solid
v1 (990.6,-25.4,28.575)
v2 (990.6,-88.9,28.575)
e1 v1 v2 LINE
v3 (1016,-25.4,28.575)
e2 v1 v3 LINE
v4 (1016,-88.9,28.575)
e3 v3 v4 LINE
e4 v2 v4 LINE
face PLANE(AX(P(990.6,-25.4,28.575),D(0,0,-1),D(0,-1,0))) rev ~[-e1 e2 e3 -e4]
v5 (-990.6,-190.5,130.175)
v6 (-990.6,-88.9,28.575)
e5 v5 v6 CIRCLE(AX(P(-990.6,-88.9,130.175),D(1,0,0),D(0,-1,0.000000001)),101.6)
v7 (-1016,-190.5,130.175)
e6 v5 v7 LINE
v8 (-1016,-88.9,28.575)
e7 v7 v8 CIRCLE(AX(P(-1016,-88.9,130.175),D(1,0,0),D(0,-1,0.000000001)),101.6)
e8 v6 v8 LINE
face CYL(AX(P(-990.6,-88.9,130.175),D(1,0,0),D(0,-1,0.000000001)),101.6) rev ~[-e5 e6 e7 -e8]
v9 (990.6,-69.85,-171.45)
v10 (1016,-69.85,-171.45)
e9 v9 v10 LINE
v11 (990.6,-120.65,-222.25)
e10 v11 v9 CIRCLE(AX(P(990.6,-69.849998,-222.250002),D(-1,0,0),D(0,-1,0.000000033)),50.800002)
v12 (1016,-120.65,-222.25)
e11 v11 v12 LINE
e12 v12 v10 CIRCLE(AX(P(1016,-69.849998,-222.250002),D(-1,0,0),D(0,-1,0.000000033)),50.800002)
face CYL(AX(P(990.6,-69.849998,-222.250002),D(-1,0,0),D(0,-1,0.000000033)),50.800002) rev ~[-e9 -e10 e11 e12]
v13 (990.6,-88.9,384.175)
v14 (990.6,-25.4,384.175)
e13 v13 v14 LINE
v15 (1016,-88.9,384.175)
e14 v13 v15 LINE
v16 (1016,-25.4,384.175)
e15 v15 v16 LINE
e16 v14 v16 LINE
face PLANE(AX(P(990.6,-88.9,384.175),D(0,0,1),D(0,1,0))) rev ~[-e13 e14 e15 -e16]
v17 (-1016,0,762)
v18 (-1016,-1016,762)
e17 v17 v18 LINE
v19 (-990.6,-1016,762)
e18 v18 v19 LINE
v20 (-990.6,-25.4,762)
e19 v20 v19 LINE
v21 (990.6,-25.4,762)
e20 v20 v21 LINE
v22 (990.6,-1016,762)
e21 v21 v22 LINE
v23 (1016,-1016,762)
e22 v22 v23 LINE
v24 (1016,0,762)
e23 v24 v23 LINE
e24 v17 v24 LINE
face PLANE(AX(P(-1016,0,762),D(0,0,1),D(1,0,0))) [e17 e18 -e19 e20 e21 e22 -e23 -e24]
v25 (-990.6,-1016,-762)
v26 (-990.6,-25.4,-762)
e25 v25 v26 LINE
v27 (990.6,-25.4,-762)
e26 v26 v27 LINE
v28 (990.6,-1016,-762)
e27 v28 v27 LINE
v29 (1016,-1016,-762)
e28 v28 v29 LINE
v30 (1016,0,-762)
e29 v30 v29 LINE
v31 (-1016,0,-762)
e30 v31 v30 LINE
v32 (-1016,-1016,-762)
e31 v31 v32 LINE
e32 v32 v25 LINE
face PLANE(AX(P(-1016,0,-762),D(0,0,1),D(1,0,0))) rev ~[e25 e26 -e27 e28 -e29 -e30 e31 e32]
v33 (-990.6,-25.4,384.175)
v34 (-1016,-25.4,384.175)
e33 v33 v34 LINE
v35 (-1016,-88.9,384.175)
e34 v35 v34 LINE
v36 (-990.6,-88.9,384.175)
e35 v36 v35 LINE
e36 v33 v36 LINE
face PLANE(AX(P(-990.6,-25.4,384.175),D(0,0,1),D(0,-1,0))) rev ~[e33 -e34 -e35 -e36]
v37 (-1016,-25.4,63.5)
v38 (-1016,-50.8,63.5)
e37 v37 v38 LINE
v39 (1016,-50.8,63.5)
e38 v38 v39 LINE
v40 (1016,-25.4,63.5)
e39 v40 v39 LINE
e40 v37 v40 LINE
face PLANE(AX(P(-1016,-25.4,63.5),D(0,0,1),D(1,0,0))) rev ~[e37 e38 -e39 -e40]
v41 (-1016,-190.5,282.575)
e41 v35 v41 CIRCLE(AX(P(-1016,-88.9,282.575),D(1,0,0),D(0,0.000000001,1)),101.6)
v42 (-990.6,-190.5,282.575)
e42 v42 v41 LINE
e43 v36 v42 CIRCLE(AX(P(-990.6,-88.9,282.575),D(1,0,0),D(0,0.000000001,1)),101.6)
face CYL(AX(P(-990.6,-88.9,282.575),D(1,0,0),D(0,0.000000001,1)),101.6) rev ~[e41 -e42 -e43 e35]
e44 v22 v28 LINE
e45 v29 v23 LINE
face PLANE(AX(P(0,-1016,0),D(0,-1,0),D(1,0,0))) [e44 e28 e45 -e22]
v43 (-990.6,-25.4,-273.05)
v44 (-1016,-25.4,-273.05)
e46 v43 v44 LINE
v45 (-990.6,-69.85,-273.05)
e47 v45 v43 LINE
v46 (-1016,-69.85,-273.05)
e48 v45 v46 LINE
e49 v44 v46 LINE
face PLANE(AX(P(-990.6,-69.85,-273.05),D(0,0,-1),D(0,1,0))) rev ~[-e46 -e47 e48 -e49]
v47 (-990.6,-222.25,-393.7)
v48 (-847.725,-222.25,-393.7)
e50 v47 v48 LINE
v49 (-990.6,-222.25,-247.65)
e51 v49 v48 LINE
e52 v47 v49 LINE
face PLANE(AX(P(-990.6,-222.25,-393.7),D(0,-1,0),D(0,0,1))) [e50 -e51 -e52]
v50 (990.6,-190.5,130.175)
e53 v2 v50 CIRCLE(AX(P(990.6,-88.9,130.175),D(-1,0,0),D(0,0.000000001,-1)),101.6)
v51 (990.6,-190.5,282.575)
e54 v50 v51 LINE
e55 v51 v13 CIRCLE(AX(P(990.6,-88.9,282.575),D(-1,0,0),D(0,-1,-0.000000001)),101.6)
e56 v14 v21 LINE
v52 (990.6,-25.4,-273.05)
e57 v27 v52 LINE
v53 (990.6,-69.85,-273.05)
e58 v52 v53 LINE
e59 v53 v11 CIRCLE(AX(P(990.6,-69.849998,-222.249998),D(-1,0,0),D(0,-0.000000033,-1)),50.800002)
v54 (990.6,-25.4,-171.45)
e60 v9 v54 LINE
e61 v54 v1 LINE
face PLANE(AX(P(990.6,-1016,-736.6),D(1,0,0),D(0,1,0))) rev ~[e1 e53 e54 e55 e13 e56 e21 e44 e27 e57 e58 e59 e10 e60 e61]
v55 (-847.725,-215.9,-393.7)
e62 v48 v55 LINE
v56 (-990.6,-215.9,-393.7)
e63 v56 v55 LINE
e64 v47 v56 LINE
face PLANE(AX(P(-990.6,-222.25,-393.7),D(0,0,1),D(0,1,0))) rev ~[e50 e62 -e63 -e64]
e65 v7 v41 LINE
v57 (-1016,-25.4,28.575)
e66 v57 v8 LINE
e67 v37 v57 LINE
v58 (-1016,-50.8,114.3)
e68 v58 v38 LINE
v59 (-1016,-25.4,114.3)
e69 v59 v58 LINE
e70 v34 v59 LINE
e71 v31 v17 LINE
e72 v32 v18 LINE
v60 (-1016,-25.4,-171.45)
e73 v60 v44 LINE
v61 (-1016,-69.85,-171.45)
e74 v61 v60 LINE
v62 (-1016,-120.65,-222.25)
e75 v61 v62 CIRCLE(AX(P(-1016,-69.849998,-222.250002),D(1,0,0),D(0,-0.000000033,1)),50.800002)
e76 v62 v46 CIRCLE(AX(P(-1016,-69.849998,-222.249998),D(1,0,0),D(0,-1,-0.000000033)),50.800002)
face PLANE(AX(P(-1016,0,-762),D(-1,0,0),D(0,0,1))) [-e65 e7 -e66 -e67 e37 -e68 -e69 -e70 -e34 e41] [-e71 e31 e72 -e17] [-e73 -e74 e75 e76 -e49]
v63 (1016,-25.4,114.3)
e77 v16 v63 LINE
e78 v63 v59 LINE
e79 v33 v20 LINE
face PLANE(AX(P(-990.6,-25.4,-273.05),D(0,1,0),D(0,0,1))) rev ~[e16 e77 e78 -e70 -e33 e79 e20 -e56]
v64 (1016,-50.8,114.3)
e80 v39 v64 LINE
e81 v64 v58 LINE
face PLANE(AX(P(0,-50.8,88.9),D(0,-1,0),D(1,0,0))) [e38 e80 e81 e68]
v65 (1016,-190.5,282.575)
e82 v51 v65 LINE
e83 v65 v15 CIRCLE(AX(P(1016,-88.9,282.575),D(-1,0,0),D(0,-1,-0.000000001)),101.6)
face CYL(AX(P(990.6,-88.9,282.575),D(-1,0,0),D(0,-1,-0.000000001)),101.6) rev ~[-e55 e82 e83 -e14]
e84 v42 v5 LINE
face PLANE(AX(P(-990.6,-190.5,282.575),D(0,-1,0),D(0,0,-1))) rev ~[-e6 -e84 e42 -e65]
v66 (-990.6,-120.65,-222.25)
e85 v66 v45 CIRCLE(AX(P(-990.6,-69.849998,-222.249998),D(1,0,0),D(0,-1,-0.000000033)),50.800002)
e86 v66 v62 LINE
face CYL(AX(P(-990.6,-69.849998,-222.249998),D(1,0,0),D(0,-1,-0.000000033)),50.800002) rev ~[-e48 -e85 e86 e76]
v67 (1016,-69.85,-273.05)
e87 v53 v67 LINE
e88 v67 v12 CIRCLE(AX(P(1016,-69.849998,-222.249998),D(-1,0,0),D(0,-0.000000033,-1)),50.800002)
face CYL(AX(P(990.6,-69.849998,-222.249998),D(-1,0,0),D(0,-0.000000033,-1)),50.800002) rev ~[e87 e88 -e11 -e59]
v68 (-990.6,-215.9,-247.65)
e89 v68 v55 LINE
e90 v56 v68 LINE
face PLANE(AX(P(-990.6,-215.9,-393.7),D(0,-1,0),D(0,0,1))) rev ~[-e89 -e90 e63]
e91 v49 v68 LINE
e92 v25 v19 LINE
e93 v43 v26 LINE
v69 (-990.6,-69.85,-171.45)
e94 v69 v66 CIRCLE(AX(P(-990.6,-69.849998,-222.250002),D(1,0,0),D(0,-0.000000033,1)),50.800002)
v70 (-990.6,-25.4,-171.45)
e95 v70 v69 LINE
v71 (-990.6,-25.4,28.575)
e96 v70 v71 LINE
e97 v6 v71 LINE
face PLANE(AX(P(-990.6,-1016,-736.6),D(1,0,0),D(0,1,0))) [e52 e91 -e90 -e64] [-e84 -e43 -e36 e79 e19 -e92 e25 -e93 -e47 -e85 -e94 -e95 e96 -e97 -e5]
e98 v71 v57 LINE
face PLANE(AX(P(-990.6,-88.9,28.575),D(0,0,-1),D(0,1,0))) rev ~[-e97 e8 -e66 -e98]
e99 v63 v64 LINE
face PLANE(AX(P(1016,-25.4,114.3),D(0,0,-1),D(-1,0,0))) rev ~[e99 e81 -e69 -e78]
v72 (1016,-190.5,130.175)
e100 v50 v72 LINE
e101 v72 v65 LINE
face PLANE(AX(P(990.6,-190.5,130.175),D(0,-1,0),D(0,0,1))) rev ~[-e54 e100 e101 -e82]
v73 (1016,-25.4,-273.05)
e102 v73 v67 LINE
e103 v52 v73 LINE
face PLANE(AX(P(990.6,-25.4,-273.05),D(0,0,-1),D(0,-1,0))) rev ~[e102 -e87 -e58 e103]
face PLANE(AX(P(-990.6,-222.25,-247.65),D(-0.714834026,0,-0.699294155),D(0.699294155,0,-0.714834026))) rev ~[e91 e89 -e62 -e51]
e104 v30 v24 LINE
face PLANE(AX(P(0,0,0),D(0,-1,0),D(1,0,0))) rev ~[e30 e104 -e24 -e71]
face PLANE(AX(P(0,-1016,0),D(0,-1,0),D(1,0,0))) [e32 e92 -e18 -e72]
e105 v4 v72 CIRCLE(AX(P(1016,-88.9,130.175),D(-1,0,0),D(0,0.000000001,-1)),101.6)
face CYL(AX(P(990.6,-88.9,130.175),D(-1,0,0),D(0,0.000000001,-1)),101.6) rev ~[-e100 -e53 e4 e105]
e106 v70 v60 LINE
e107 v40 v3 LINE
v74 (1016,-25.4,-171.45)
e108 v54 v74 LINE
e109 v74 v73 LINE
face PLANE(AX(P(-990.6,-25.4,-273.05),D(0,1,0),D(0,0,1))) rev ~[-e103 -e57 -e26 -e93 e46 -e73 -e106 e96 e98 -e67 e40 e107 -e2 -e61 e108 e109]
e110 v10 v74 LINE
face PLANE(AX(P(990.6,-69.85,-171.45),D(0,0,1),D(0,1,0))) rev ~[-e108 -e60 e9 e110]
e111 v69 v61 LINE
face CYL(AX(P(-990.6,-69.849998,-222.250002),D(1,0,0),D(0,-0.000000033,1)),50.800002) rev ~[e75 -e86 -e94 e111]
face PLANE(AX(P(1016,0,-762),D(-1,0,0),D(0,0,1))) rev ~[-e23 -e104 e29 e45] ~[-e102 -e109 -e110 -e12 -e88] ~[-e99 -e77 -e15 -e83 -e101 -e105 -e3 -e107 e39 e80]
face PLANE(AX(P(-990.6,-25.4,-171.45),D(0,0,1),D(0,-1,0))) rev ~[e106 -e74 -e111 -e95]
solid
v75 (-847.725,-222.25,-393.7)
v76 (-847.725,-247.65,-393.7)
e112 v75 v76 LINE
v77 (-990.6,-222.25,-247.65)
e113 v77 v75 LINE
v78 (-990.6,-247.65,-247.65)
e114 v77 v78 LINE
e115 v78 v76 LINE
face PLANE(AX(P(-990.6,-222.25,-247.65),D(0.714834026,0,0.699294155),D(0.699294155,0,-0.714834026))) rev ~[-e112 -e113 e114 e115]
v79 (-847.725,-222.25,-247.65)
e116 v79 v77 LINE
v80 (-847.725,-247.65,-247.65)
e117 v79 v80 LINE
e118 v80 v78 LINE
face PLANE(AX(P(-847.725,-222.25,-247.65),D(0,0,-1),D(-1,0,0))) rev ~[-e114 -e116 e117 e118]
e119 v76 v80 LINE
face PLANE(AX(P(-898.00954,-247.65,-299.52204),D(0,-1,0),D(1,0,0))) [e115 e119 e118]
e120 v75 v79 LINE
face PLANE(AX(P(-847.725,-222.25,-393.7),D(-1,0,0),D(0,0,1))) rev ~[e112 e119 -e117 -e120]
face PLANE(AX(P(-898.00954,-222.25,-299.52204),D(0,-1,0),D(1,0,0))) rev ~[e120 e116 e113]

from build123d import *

# Parameters (mm, degrees)
F0_W      = 2032
F0_H      = 1524
F1_DEPTH  = 1016
F2_T      = -25.4
F4_DEPTH  = 50.8
F6_DEPTH  = 50.8
F8_DEPTH  = 50.8
F10_DEPTH = 50.8
F12_DEPTH = 25.4
F13_W     = 1981.2
F13_H     = 990.6
F14_DEPTH = 50.8
F15_W     = 6.35
F15_H     = 146.05
F16_DEPTH = 142.875
F18_DEPTH = 25.4
F19_DEPTH = 25.4


with BuildPart() as f1:
    # F0 (on Front) → F1 (new body)
    with BuildSketch(Plane.XZ):
        Rectangle(F0_W, F0_H)
    extrude(amount=F1_DEPTH)

    # F2
    f2_openings = [f1.faces().sort_by_distance(p)[0] for p in [
        (0, -1016, 0),
        (0, -508, 762),
    ]]
    offset(amount=F2_T, openings=f2_openings)

    # F3 (on face) → F4 (cut)
    with BuildSketch(Plane.YZ.offset(-990.6)):
        with BuildLine():
            Line((-88.9, 28.575), (-25.4, 28.575))
            Line((-25.4, 28.575), (-25.4, 384.175))
            Line((-25.4, 384.175), (-88.9, 384.175))
            ThreePointArc((-88.9, 384.175), (-160.742049, 354.417049), (-190.5, 282.575))
            Line((-190.5, 282.575), (-190.5, 130.175))
            ThreePointArc((-190.5, 130.175), (-160.742049, 58.332951), (-88.9, 28.575))
        make_face()
    extrude(amount=-F4_DEPTH, mode=Mode.SUBTRACT)

    # F5 (on face) → F6 (cut)
    with BuildSketch(Plane.YZ.offset(-990.6)):
        with BuildLine():
            Line((-69.85, -273.05), (-25.4, -273.05))
            Line((-25.4, -273.05), (-25.4, -171.45))
            Line((-25.4, -171.45), (-69.85, -171.45))
            ThreePointArc((-69.85, -171.45), (-105.771024, -186.328976), (-120.65, -222.25))
            ThreePointArc((-120.65, -222.25), (-105.771024, -258.171024), (-69.85, -273.05))
        make_face()
    extrude(amount=-F6_DEPTH, mode=Mode.SUBTRACT)

    # F7 (on face) → F8 (cut)
    with BuildSketch(Plane(origin=(990.6, 0, 0), x_dir=(0, -1, 0), z_dir=(-1, 0, 0))):
        with BuildLine():
            Line((25.4, 384.175), (25.4, 28.575))
            Line((25.4, 28.575), (88.9, 28.575))
            ThreePointArc((88.9, 28.575), (160.742049, 58.332951), (190.5, 130.175))
            Line((190.5, 130.175), (190.5, 282.575))
            ThreePointArc((190.5, 282.575), (160.742049, 354.417049), (88.9, 384.175))
            Line((88.9, 384.175), (25.4, 384.175))
        make_face()
    extrude(amount=-F8_DEPTH, mode=Mode.SUBTRACT)

    # F9 (on face) → F10 (cut)
    with BuildSketch(Plane(origin=(990.6, 0, 0), x_dir=(0, -1, 0), z_dir=(-1, 0, 0))):
        with BuildLine():
            Line((25.4, -171.45), (25.4, -273.05))
            Line((25.4, -273.05), (69.85, -273.05))
            ThreePointArc((69.85, -273.05), (105.771024, -258.171024), (120.65, -222.25))
            ThreePointArc((120.65, -222.25), (105.771024, -186.328976), (69.85, -171.45))
            Line((69.85, -171.45), (25.4, -171.45))
        make_face()
    extrude(amount=-F10_DEPTH, mode=Mode.SUBTRACT)

    # F11 (on face) → F12 (join)
    with BuildSketch(Plane.XZ.offset(25.4)):
        Polygon((-1016, 63.5), (-990.6, 63.5), (1016, 63.5), (1016, 114.3), (-1016, 114.3), align=None)
    extrude(amount=F12_DEPTH)

    # F13 (on face) → F14 (cut)
    with BuildSketch(Plane.XY.offset(-736.6)):
        with Locations((0, -520.7)):
            Rectangle(F13_W, F13_H)
    extrude(amount=-F14_DEPTH, mode=Mode.SUBTRACT)

    # F15 (on face) → F16 (join)
    with BuildSketch(Plane.YZ.offset(-990.6)):
        with Locations((-219.075, -320.675)):
            Rectangle(F15_W, F15_H)
    extrude(amount=F16_DEPTH)

    # F17 (on face) → F18 (cut)
    with BuildSketch(Plane.XZ.offset(222.25)):
        Polygon((-990.6, -247.65), (-847.725, -393.7), (-847.725, -247.65), align=None)
    extrude(amount=-F18_DEPTH, mode=Mode.SUBTRACT)

    # F17 (on face) → F19 (join)
    with BuildSketch(Plane.XZ.offset(222.25)):
        Polygon((-990.6, -247.65), (-847.725, -393.7), (-847.725, -247.65), align=None)
    extrude(amount=F19_DEPTH)


solid = f1.part
